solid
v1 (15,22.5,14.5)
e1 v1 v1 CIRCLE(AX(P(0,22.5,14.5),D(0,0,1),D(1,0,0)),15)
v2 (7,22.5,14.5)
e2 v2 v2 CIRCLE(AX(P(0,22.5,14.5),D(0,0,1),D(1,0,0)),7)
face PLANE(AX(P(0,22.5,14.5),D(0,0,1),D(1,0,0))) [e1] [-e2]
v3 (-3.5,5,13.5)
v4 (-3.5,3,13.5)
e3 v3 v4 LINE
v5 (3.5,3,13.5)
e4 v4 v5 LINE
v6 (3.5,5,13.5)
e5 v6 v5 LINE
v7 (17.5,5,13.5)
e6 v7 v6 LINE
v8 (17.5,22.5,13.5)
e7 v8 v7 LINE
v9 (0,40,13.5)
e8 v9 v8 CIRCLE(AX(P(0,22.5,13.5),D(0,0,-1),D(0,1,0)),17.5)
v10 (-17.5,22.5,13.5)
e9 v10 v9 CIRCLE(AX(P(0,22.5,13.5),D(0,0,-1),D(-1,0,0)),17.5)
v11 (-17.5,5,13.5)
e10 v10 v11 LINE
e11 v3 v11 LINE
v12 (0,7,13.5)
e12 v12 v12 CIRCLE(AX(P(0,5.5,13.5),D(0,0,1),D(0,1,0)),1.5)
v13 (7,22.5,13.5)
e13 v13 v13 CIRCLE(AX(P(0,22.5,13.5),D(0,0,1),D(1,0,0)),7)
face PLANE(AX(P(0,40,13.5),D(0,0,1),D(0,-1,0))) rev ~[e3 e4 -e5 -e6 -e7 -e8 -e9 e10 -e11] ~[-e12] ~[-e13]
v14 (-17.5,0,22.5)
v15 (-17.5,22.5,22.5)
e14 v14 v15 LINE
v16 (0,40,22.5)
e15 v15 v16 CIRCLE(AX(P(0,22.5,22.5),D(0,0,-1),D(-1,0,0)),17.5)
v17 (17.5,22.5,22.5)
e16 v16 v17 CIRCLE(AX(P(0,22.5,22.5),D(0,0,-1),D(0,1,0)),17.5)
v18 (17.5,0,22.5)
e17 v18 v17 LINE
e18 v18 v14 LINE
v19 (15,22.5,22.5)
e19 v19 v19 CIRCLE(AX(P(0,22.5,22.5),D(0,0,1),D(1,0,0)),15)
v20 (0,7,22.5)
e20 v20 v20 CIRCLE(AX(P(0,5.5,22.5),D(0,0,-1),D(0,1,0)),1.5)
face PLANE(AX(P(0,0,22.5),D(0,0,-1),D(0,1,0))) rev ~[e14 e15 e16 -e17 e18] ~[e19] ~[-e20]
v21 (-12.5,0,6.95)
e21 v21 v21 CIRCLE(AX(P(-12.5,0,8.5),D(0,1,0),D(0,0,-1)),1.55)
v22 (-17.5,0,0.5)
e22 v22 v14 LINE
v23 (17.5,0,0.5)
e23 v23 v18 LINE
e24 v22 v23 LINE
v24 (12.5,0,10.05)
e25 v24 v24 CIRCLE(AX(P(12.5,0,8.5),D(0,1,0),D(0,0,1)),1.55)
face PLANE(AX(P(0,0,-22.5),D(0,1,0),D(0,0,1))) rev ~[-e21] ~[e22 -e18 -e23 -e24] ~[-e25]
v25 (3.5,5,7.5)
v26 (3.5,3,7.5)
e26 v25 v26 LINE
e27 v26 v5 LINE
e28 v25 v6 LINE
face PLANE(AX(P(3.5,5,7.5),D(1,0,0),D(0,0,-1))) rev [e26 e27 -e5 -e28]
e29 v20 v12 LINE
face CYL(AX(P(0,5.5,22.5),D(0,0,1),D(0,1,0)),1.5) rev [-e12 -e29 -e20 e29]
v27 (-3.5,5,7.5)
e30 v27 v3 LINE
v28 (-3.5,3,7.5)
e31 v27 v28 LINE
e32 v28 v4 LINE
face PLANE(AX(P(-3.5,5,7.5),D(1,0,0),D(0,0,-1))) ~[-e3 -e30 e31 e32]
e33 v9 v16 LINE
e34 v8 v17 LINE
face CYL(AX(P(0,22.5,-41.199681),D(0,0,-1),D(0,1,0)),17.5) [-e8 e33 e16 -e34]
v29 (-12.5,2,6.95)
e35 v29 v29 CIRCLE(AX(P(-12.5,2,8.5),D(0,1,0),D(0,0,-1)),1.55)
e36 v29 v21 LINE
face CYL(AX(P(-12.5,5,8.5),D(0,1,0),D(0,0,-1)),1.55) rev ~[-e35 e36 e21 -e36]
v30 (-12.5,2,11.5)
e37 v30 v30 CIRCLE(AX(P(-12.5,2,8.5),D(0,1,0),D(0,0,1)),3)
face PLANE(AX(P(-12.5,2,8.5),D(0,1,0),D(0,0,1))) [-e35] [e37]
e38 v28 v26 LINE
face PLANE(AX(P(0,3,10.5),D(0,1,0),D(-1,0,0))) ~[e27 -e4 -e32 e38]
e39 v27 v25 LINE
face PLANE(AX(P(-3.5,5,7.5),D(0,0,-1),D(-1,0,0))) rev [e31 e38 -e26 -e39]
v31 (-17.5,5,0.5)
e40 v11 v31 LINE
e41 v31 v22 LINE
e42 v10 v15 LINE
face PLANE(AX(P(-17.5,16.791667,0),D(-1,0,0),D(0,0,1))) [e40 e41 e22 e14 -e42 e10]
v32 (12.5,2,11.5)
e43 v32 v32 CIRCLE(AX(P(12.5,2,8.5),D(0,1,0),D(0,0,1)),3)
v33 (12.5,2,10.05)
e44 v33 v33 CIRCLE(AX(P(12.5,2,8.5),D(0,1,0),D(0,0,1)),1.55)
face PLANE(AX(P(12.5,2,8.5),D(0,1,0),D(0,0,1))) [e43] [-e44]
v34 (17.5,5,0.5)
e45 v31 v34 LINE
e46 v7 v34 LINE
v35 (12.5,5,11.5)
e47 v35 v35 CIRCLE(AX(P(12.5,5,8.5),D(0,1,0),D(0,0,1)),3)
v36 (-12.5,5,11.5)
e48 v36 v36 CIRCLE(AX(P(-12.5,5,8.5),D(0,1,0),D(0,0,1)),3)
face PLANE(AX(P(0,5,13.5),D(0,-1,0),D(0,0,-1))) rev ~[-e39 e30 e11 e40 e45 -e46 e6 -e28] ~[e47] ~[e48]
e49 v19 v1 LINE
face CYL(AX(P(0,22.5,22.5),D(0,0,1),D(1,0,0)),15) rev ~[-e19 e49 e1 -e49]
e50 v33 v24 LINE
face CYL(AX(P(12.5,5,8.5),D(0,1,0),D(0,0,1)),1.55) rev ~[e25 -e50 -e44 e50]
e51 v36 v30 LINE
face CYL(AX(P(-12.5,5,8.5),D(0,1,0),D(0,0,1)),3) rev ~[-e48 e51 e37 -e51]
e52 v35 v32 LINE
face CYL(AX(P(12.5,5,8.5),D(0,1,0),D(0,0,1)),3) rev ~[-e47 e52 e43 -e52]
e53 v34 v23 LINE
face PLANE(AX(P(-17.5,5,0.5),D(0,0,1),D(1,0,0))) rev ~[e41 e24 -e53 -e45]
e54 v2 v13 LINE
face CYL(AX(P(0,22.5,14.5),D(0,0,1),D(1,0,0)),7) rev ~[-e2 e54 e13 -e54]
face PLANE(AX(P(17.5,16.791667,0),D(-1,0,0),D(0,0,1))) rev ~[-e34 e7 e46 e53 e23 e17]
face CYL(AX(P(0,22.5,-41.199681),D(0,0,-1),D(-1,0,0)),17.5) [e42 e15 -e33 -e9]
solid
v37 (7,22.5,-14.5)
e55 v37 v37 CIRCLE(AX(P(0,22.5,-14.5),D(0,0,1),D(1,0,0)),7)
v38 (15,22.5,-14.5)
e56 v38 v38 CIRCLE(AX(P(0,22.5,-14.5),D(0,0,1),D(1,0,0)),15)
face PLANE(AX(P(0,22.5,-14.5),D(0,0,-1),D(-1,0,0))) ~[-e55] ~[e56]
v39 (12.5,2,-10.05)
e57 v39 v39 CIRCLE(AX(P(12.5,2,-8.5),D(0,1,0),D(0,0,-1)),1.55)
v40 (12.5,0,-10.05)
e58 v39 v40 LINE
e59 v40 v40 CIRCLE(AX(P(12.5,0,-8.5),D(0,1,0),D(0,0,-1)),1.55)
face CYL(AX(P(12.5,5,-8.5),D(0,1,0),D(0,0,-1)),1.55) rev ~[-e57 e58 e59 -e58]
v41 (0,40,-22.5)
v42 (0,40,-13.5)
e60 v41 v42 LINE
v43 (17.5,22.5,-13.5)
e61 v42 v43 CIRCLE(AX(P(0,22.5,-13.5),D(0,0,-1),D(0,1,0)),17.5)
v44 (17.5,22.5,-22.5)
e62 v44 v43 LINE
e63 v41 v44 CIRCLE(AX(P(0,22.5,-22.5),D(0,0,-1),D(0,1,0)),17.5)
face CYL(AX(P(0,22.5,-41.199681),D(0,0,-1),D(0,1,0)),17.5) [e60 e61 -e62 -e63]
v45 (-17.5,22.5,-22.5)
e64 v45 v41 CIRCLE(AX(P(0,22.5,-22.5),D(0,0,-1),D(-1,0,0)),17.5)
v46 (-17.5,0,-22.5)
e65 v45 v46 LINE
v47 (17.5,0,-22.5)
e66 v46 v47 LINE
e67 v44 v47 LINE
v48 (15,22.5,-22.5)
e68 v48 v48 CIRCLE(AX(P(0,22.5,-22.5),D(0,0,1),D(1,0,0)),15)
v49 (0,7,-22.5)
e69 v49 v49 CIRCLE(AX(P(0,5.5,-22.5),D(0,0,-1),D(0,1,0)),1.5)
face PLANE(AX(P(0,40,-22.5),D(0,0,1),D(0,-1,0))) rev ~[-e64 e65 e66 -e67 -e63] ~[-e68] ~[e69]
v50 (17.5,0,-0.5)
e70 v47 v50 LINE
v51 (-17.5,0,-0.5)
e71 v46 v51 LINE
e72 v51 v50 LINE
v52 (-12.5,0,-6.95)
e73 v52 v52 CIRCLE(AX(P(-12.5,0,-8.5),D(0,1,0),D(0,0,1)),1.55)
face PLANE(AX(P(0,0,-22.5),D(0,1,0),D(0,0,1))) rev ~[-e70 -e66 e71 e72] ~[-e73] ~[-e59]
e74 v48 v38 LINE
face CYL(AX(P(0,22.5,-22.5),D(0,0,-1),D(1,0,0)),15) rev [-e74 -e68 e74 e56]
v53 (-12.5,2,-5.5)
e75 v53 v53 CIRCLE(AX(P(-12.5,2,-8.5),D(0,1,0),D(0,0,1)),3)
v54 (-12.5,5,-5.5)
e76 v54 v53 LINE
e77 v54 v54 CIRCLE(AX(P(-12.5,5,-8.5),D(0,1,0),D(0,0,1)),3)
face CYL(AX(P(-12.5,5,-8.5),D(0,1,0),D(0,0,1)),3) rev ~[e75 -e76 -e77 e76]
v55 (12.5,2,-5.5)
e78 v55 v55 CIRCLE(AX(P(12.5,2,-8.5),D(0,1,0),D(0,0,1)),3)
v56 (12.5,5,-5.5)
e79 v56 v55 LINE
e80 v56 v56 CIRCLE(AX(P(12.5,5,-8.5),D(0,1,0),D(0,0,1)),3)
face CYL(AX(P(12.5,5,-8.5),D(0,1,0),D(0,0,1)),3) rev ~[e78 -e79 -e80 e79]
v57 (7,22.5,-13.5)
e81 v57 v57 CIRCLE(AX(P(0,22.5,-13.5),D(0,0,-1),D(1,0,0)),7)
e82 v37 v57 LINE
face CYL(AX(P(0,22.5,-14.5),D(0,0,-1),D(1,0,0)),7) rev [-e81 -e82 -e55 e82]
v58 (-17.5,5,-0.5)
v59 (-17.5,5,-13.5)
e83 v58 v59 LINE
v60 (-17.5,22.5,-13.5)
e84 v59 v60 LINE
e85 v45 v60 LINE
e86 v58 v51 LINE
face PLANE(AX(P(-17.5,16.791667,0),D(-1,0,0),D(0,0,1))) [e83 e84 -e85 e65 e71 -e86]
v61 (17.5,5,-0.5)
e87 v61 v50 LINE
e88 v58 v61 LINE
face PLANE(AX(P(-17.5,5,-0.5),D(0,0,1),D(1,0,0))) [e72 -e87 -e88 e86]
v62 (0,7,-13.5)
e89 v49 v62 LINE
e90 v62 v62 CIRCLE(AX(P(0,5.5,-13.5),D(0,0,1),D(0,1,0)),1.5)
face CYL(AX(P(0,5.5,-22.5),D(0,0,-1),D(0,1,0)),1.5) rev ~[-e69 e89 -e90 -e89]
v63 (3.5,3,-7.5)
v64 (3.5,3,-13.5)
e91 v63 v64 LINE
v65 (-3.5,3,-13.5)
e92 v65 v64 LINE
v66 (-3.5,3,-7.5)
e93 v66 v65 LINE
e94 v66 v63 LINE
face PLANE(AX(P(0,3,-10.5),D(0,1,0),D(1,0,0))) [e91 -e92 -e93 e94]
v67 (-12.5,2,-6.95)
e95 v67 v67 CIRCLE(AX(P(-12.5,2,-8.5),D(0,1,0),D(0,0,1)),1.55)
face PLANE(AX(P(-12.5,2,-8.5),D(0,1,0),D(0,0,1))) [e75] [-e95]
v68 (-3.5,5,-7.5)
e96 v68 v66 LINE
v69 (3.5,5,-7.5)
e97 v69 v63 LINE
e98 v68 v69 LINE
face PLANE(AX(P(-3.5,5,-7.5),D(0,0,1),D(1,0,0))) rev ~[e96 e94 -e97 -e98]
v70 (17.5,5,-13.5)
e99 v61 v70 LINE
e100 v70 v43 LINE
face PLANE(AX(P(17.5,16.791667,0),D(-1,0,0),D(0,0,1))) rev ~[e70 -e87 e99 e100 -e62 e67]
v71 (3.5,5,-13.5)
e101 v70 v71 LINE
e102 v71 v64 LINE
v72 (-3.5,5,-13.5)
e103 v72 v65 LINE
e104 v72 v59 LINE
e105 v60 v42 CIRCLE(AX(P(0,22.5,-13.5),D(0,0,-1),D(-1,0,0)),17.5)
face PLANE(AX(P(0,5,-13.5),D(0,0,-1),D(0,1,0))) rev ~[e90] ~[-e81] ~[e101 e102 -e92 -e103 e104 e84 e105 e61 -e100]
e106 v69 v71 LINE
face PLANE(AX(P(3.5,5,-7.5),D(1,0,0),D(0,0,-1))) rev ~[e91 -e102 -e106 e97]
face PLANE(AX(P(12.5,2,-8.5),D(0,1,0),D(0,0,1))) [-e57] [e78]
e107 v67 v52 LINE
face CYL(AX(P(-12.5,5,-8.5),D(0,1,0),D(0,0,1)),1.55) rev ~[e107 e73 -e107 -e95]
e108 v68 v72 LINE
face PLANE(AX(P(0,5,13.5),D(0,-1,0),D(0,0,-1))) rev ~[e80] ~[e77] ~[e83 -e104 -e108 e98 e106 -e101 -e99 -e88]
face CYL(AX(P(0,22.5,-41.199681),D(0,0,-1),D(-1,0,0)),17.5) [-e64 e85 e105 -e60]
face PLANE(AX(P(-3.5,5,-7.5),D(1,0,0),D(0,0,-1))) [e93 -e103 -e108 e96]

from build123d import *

# Parameters (mm, degrees)
EXTRUDE_1_DEPTH          = 17.5
CUT_EXTRUDE_1_DEPTH      = 63.69968102
CUT_EXTRUDE_1_DEPTH_BACK = 63.69968102
SKETCH_6_R               = 1.55
CUT_EXTRUDE_4_DEPTH      = 46.138675213
SKETCH_7_R               = 15
CUT_EXTRUDE_5_DEPTH      = 8
SKETCH_8_R               = 7
CUT_EXTRUDE_6_DEPTH      = 2
SKETCH_9_R               = 1.5
CUT_EXTRUDE_7_DEPTH      = 14
SKETCH_10_W              = 7
SKETCH_10_H              = 6
CUT_EXTRUDE_8_DEPTH      = 2
SKETCH_15_W              = 35
SKETCH_15_H              = 1
CUT_EXTRUDE_9_DEPTH      = 10
SKETCH_16_R              = 3
CUT_EXTRUDE_10_DEPTH     = 3


with BuildPart() as part:
    # 草图1 → 凸台-拉伸1 (new, symmetric)
    with BuildSketch(Plane(origin=(0, 0, 0), x_dir=(0, 0, -1), z_dir=(1, 0, 0))):
        Polygon((22.5, 0), (-22.5, 0), (-22.5, 40), (-13.5, 40), (-13.5, 5), (13.5, 5), (13.5, 40), (22.5, 40), align=None)
    extrude(amount=EXTRUDE_1_DEPTH, both=True)

    # 草图2 → 切除-拉伸1 (cut, two sides: drawn at the far end of the back side and taken through both)
    with BuildSketch(Plane.XY.offset(22.5).offset(-CUT_EXTRUDE_1_DEPTH_BACK)):
        with BuildLine():
            ThreePointArc((-17.5, 22.5), (-12.374368671, 34.874368671), (0, 40))
            Line((0, 40), (-17.5, 40))
            Line((-17.5, 40), (-17.5, 22.5))
        make_face()
        with BuildLine():
            Line((17.5, 22.5), (17.5, 40))
            Line((17.5, 40), (0, 40))
            ThreePointArc((0, 40), (12.374368671, 34.874368671), (17.5, 22.5))
        make_face()
    extrude(amount=CUT_EXTRUDE_1_DEPTH + CUT_EXTRUDE_1_DEPTH_BACK, mode=Mode.SUBTRACT)

    # 草图6 → 切除-拉伸4 (cut, through all)
    with BuildSketch(Plane(origin=(0, 5, 0), x_dir=(1, 0, 0), z_dir=(0, 1, 0))):
        with Locations(Location((-12.5, 8.5, 0), (0, 0, 270))):
            Circle(SKETCH_6_R)
        with Locations(Location((12.5, 8.5, 0), (0, 0, 90))):
            Circle(SKETCH_6_R)
        with Locations(Location((12.5, -8.5, 0), (0, 0, 270))):
            Circle(SKETCH_6_R)
        with Locations(Location((-12.5, -8.5, 0), (0, 0, 90))):
            Circle(SKETCH_6_R)
    extrude(amount=-CUT_EXTRUDE_4_DEPTH, mode=Mode.SUBTRACT)

    # 草图7 → 切除-拉伸5 (cut)
    with BuildSketch(Plane.XY.offset(22.5)):
        with Locations((0, 22.5)):
            Circle(SKETCH_7_R)
    cut_extrude_5 = extrude(amount=-CUT_EXTRUDE_5_DEPTH, mode=Mode.SUBTRACT)

    # 草图8 → 切除-拉伸6 (cut)
    with BuildSketch(Plane.XY.offset(14.5)):
        with Locations((0, 22.5)):
            Circle(SKETCH_8_R)
    cut_extrude_6 = extrude(amount=-CUT_EXTRUDE_6_DEPTH, mode=Mode.SUBTRACT)

    # 镜向1: 切除-拉伸5, 切除-拉伸6 across plane
    add(cut_extrude_5.mirror(Plane.XY), mode=Mode.SUBTRACT)
    add(cut_extrude_6.mirror(Plane.XY), mode=Mode.SUBTRACT)

    # 草图9 → 切除-拉伸7 (cut)
    with BuildSketch(Plane(origin=(0, 0, -22.5), x_dir=(-1, 0, 0), z_dir=(0, 0, -1))):
        with Locations(Location((0, 5.5, 0), (0, 0, 90))):
            Circle(SKETCH_9_R)
    cut_extrude_7 = extrude(amount=-CUT_EXTRUDE_7_DEPTH, mode=Mode.SUBTRACT)

    # 草图10 → 切除-拉伸8 (cut)
    with BuildSketch(Plane(origin=(0, 5, 0), x_dir=(1, 0, 0), z_dir=(0, 1, 0))):
        with Locations((0, 10.5)):
            Rectangle(SKETCH_10_W, SKETCH_10_H)
    cut_extrude_8 = extrude(amount=-CUT_EXTRUDE_8_DEPTH, mode=Mode.SUBTRACT)

    # 镜向2: 切除-拉伸7, 切除-拉伸8 across plane
    add(cut_extrude_7.mirror(Plane.XY), mode=Mode.SUBTRACT)
    add(cut_extrude_8.mirror(Plane.XY), mode=Mode.SUBTRACT)

    # 草图15 → 切除-拉伸9 (cut)
    with BuildSketch(Plane(origin=(0, 5, 0), x_dir=(1, 0, 0), z_dir=(0, 1, 0))):
        Rectangle(SKETCH_15_W, SKETCH_15_H)
    extrude(amount=-CUT_EXTRUDE_9_DEPTH, mode=Mode.SUBTRACT)


with BuildPart() as cut_extrude_9_piece_1:
    # of the separate pieces the step leaves, piece 1, a body of its own (cut_extrude_9_pieces)
    add(part.part.solids().sort_by_distance((-17.5, 0, -22.5))[0])


with BuildPart() as cut_extrude_9_piece_2:
    # of the separate pieces the step leaves, piece 2, a body of its own (cut_extrude_9_pieces)
    add(part.part.solids().sort_by_distance((17.5, 0, 0.5))[0])


with BuildPart() as cut_extrude_10_tool:
    # 草图16 → 切除-拉伸10 (new body)
    with BuildSketch(Plane(origin=(0, 5, 0), x_dir=(1, 0, 0), z_dir=(0, 1, 0))):
        with Locations(Location((-12.5, 8.5, 0), (0, 0, 270))):
            Circle(SKETCH_16_R)
        with Locations(Location((12.5, 8.5, 0), (0, 0, 270))):
            Circle(SKETCH_16_R)
        with Locations(Location((12.5, -8.5, 0), (0, 0, 270))):
            Circle(SKETCH_16_R)
        with Locations(Location((-12.5, -8.5, 0), (0, 0, 270))):
            Circle(SKETCH_16_R)
    extrude(amount=-CUT_EXTRUDE_10_DEPTH)


with BuildPart() as cut_extrude_9_piece_1_1:
    add(cut_extrude_9_piece_1.part)

    # 切除-拉伸10: cut by cut_extrude_10_tool
    add(cut_extrude_10_tool.part, mode=Mode.SUBTRACT)


with BuildPart() as cut_extrude_9_piece_2_1:
    add(cut_extrude_9_piece_2.part)

    # 切除-拉伸10: cut by cut_extrude_10_tool
    add(cut_extrude_10_tool.part, mode=Mode.SUBTRACT)


solid = Compound([cut_extrude_9_piece_1_1.part, cut_extrude_9_piece_2_1.part])
